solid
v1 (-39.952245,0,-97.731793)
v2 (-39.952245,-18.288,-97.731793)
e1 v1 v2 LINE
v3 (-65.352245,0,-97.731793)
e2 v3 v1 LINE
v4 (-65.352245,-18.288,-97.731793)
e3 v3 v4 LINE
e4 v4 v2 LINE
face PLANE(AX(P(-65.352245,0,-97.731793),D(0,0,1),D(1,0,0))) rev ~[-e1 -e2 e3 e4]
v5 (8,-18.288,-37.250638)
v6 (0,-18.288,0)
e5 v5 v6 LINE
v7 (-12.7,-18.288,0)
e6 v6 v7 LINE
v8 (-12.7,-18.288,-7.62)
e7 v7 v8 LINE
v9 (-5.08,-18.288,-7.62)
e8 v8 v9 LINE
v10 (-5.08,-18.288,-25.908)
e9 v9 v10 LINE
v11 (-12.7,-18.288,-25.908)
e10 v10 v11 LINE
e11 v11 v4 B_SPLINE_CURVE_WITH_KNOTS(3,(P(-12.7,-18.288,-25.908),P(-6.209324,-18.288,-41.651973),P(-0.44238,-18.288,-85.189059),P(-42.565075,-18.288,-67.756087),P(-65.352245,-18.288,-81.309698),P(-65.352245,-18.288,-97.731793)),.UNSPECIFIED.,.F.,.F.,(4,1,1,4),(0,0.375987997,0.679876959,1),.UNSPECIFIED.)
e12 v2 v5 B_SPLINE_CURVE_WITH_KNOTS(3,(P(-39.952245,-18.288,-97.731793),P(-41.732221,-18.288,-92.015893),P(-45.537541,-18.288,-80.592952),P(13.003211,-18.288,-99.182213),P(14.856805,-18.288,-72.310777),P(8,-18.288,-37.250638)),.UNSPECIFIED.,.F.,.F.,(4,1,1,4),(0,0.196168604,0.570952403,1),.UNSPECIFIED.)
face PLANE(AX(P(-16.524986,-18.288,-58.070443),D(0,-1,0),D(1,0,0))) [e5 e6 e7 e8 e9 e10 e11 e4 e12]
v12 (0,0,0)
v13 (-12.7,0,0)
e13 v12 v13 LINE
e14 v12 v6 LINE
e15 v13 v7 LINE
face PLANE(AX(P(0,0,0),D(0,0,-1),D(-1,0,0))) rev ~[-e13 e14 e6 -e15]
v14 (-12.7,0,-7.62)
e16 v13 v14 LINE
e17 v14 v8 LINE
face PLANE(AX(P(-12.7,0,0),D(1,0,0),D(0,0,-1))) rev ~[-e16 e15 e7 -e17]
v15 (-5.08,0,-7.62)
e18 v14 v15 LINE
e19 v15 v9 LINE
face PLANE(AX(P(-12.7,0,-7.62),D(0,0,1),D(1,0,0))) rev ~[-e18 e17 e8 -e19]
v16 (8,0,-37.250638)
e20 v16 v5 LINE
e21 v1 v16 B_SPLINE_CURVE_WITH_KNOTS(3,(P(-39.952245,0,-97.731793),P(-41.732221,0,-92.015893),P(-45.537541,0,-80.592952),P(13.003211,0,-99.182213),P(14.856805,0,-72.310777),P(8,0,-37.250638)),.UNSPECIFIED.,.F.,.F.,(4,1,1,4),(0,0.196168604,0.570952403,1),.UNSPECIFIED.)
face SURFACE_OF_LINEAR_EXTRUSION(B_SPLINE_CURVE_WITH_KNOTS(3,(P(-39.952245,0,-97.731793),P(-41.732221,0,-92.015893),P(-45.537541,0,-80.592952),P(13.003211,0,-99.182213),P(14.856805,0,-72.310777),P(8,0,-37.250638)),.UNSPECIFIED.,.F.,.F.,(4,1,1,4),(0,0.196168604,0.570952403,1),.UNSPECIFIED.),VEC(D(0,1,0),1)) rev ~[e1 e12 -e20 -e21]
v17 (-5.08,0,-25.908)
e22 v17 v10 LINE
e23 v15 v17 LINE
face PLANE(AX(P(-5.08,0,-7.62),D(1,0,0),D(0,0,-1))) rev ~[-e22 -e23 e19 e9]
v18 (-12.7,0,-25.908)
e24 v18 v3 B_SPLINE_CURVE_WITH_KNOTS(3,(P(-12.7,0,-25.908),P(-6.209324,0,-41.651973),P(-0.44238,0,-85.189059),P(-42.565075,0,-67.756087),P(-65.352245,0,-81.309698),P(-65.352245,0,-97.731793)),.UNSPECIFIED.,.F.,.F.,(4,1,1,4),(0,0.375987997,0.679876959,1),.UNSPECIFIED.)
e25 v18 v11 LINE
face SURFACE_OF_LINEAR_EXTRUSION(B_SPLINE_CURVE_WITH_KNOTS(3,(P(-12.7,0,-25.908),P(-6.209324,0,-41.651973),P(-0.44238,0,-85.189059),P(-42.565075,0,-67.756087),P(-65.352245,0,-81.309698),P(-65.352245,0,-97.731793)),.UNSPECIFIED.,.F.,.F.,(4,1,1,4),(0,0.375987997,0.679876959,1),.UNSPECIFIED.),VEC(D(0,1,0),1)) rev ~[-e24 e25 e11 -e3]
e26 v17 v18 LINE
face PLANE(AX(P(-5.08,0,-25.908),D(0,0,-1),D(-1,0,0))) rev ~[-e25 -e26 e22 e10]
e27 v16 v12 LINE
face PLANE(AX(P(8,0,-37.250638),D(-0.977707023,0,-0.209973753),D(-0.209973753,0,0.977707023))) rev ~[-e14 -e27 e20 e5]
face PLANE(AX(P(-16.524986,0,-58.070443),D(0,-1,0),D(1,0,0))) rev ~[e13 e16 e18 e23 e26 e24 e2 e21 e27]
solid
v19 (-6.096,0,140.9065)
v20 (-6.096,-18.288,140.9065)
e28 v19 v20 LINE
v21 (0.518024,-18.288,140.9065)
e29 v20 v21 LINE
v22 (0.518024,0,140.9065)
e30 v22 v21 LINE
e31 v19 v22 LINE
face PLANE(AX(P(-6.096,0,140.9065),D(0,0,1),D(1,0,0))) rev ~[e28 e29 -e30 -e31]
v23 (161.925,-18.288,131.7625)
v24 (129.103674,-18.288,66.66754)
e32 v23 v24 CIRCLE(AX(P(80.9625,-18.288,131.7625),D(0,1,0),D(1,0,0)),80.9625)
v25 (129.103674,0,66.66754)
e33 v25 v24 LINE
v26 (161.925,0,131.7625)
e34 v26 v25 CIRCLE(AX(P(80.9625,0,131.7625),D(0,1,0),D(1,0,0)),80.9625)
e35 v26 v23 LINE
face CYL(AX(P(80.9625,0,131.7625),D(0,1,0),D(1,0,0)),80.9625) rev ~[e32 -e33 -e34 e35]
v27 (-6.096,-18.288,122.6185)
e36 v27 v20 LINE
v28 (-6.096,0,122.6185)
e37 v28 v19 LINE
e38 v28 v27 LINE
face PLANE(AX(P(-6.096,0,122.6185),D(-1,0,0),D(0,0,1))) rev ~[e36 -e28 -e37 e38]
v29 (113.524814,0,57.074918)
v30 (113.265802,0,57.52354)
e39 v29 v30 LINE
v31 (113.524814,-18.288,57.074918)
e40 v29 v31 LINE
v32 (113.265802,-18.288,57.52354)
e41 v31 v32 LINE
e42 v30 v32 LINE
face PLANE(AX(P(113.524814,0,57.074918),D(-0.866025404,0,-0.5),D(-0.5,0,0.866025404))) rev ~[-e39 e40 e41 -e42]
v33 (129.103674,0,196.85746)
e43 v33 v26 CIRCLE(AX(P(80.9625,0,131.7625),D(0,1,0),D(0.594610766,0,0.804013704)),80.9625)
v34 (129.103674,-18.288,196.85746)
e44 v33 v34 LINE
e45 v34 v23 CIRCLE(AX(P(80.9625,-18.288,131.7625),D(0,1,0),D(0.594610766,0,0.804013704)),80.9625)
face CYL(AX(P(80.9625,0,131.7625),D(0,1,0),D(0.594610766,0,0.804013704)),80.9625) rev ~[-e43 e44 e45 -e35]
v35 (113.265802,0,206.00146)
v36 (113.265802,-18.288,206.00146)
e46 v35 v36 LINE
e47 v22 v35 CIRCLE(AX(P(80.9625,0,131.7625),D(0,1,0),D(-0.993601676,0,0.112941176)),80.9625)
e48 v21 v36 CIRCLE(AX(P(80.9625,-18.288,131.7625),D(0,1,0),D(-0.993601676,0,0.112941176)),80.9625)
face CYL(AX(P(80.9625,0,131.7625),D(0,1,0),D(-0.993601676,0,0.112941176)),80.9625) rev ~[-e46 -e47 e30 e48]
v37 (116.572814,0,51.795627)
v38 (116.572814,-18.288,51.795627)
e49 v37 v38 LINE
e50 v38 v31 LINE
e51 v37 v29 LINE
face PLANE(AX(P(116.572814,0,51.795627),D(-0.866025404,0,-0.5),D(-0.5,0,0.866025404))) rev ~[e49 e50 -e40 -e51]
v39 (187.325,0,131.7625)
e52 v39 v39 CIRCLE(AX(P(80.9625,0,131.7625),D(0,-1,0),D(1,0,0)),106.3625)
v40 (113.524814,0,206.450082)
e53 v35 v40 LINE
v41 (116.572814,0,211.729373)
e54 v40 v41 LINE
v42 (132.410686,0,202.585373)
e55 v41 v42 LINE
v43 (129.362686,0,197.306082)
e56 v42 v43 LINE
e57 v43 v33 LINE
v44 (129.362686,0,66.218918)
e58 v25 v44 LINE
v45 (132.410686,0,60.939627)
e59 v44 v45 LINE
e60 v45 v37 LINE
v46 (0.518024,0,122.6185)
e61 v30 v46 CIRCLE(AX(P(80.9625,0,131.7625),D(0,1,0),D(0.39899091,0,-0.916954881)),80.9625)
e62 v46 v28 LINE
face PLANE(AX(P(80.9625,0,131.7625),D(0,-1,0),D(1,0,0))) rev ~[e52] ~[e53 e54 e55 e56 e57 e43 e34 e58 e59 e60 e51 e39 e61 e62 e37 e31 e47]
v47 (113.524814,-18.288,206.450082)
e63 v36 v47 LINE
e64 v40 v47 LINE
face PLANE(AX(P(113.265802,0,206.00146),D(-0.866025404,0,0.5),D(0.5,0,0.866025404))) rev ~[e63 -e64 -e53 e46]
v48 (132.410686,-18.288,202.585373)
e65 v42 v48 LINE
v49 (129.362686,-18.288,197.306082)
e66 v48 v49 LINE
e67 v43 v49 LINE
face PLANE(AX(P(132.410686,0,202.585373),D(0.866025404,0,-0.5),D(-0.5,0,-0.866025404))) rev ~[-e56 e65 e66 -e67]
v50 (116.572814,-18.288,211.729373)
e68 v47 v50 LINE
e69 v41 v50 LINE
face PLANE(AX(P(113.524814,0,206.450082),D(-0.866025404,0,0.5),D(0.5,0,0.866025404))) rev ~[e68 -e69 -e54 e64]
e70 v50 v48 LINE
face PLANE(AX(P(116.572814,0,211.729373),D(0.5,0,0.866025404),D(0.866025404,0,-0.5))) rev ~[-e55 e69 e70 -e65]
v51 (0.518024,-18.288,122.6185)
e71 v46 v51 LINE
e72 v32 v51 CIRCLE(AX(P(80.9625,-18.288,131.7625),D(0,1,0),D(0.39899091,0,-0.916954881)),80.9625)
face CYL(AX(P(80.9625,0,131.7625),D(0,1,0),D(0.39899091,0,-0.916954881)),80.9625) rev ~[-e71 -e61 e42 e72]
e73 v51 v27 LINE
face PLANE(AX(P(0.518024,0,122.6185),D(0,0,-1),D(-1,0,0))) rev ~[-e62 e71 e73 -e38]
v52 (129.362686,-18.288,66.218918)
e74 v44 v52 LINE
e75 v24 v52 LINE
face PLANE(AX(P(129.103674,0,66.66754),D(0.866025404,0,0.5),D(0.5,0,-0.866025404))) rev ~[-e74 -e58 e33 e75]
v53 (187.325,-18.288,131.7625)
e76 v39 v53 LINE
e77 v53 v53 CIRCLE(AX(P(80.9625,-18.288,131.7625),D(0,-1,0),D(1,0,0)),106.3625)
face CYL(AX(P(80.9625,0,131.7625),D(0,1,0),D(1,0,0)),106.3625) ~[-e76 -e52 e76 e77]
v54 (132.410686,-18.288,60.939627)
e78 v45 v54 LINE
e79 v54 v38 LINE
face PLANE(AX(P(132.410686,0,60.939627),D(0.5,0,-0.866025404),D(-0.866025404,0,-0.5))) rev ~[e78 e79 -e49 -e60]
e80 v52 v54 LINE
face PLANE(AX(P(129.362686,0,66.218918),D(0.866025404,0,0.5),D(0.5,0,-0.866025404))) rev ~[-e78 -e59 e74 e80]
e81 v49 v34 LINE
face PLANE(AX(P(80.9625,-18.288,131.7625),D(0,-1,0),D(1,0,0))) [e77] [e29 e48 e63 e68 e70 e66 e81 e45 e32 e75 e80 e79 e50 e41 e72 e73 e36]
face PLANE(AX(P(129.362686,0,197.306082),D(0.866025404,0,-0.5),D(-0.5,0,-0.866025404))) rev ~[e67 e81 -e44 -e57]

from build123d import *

# Parameters (mm, degrees)
F0_R     = 106.3625
F1_DEPTH = 18.288


with BuildPart() as f1:
    # F0 (on Front) → F1 (new body)
    with BuildSketch(Plane.XZ):
        with Locations((80.9625, 131.7625)):
            Circle(F0_R)
        with BuildLine():
            ThreePointArc((129.103674141, 196.8574595482), (153.255501797, 168.2131282172), (161.925, 131.7625))
            ThreePointArc((161.925, 131.7625), (153.255501797, 95.3118717828), (129.103674141, 66.6675404518))
            Line((129.103674141, 66.6675404518), (129.3626862922, 66.2189182461))
            Line((129.3626862922, 66.2189182461), (132.4106862922, 60.9396273846))
            Line((132.4106862922, 60.9396273846), (116.5728137078, 51.7956273846))
            Line((116.5728137078, 51.7956273846), (113.5248137078, 57.0749182461))
            Line((113.5248137078, 57.0749182461), (113.2658015566, 57.5235404518))
            ThreePointArc((113.2658015566, 57.5235404518), (40.48125, 61.6469182461), (0.5180243025, 122.6185))
            Line((0.5180243025, 122.6185), (0, 122.6185))
            Line((0, 122.6185), (-6.096, 122.6185))
            Line((-6.096, 122.6185), (-6.096, 140.9065))
            Line((-6.096, 140.9065), (0, 140.9065))
            Line((0, 140.9065), (0.5180243025, 140.9065))
            ThreePointArc((0.5180243025, 140.9065), (40.48125, 201.8780817539), (113.2658015566, 206.0014595482))
            Line((113.2658015566, 206.0014595482), (113.5248137078, 206.4500817539))
            Line((113.5248137078, 206.4500817539), (116.5728137078, 211.7293726154))
            Line((116.5728137078, 211.7293726154), (132.4106862922, 202.5853726154))
            Line((132.4106862922, 202.5853726154), (129.3626862922, 197.3060817539))
            Line((129.3626862922, 197.3060817539), (129.103674141, 196.8574595482))
        make_face(mode=Mode.SUBTRACT)
    extrude(amount=F1_DEPTH)


with BuildPart() as f1b:
    # F0 (on Front) → F1, piece 2 (new body)
    with BuildSketch(Plane.XZ):
        with BuildLine():
            Line((8, -37.2506375784), (0, 0))
            Line((0, 0), (-12.7, 0))
            Line((-12.7, 0), (-12.7, -7.62))
            Line((-12.7, -7.62), (-5.08, -7.62))
            Line((-5.08, -7.62), (-5.08, -25.908))
            Line((-5.08, -25.908), (-12.7, -25.908))
            add(Edge.make_bspline(
                [(-12.7, -25.908), (-6.2093237592, -41.651973211), (-0.4423801748, -85.1890591451), (-42.5650752415, -67.7560872407), (-65.3522448846, -81.3096976825), (-65.3522448846, -97.7317927159)],
                knots=[0, 0, 0, 0, 0.3759879974, 0.6798769586, 1, 1, 1, 1], degree=3))
            Line((-65.3522448846, -97.7317927159), (-39.9522448846, -97.7317927159))
            add(Edge.make_bspline(
                [(-39.9522448846, -97.7317927159), (-41.7322214385, -92.0158930577), (-45.5375410956, -80.5929521895), (13.0032108044, -99.1822132587), (14.8568050724, -72.310776957), (8, -37.2506375784)],
                knots=[0, 0, 0, 0, 0.1961686038, 0.5709524025, 1, 1, 1, 1], degree=3))
        make_face()
    extrude(amount=F1_DEPTH)


solid = Compound([f1.part, f1b.part])
